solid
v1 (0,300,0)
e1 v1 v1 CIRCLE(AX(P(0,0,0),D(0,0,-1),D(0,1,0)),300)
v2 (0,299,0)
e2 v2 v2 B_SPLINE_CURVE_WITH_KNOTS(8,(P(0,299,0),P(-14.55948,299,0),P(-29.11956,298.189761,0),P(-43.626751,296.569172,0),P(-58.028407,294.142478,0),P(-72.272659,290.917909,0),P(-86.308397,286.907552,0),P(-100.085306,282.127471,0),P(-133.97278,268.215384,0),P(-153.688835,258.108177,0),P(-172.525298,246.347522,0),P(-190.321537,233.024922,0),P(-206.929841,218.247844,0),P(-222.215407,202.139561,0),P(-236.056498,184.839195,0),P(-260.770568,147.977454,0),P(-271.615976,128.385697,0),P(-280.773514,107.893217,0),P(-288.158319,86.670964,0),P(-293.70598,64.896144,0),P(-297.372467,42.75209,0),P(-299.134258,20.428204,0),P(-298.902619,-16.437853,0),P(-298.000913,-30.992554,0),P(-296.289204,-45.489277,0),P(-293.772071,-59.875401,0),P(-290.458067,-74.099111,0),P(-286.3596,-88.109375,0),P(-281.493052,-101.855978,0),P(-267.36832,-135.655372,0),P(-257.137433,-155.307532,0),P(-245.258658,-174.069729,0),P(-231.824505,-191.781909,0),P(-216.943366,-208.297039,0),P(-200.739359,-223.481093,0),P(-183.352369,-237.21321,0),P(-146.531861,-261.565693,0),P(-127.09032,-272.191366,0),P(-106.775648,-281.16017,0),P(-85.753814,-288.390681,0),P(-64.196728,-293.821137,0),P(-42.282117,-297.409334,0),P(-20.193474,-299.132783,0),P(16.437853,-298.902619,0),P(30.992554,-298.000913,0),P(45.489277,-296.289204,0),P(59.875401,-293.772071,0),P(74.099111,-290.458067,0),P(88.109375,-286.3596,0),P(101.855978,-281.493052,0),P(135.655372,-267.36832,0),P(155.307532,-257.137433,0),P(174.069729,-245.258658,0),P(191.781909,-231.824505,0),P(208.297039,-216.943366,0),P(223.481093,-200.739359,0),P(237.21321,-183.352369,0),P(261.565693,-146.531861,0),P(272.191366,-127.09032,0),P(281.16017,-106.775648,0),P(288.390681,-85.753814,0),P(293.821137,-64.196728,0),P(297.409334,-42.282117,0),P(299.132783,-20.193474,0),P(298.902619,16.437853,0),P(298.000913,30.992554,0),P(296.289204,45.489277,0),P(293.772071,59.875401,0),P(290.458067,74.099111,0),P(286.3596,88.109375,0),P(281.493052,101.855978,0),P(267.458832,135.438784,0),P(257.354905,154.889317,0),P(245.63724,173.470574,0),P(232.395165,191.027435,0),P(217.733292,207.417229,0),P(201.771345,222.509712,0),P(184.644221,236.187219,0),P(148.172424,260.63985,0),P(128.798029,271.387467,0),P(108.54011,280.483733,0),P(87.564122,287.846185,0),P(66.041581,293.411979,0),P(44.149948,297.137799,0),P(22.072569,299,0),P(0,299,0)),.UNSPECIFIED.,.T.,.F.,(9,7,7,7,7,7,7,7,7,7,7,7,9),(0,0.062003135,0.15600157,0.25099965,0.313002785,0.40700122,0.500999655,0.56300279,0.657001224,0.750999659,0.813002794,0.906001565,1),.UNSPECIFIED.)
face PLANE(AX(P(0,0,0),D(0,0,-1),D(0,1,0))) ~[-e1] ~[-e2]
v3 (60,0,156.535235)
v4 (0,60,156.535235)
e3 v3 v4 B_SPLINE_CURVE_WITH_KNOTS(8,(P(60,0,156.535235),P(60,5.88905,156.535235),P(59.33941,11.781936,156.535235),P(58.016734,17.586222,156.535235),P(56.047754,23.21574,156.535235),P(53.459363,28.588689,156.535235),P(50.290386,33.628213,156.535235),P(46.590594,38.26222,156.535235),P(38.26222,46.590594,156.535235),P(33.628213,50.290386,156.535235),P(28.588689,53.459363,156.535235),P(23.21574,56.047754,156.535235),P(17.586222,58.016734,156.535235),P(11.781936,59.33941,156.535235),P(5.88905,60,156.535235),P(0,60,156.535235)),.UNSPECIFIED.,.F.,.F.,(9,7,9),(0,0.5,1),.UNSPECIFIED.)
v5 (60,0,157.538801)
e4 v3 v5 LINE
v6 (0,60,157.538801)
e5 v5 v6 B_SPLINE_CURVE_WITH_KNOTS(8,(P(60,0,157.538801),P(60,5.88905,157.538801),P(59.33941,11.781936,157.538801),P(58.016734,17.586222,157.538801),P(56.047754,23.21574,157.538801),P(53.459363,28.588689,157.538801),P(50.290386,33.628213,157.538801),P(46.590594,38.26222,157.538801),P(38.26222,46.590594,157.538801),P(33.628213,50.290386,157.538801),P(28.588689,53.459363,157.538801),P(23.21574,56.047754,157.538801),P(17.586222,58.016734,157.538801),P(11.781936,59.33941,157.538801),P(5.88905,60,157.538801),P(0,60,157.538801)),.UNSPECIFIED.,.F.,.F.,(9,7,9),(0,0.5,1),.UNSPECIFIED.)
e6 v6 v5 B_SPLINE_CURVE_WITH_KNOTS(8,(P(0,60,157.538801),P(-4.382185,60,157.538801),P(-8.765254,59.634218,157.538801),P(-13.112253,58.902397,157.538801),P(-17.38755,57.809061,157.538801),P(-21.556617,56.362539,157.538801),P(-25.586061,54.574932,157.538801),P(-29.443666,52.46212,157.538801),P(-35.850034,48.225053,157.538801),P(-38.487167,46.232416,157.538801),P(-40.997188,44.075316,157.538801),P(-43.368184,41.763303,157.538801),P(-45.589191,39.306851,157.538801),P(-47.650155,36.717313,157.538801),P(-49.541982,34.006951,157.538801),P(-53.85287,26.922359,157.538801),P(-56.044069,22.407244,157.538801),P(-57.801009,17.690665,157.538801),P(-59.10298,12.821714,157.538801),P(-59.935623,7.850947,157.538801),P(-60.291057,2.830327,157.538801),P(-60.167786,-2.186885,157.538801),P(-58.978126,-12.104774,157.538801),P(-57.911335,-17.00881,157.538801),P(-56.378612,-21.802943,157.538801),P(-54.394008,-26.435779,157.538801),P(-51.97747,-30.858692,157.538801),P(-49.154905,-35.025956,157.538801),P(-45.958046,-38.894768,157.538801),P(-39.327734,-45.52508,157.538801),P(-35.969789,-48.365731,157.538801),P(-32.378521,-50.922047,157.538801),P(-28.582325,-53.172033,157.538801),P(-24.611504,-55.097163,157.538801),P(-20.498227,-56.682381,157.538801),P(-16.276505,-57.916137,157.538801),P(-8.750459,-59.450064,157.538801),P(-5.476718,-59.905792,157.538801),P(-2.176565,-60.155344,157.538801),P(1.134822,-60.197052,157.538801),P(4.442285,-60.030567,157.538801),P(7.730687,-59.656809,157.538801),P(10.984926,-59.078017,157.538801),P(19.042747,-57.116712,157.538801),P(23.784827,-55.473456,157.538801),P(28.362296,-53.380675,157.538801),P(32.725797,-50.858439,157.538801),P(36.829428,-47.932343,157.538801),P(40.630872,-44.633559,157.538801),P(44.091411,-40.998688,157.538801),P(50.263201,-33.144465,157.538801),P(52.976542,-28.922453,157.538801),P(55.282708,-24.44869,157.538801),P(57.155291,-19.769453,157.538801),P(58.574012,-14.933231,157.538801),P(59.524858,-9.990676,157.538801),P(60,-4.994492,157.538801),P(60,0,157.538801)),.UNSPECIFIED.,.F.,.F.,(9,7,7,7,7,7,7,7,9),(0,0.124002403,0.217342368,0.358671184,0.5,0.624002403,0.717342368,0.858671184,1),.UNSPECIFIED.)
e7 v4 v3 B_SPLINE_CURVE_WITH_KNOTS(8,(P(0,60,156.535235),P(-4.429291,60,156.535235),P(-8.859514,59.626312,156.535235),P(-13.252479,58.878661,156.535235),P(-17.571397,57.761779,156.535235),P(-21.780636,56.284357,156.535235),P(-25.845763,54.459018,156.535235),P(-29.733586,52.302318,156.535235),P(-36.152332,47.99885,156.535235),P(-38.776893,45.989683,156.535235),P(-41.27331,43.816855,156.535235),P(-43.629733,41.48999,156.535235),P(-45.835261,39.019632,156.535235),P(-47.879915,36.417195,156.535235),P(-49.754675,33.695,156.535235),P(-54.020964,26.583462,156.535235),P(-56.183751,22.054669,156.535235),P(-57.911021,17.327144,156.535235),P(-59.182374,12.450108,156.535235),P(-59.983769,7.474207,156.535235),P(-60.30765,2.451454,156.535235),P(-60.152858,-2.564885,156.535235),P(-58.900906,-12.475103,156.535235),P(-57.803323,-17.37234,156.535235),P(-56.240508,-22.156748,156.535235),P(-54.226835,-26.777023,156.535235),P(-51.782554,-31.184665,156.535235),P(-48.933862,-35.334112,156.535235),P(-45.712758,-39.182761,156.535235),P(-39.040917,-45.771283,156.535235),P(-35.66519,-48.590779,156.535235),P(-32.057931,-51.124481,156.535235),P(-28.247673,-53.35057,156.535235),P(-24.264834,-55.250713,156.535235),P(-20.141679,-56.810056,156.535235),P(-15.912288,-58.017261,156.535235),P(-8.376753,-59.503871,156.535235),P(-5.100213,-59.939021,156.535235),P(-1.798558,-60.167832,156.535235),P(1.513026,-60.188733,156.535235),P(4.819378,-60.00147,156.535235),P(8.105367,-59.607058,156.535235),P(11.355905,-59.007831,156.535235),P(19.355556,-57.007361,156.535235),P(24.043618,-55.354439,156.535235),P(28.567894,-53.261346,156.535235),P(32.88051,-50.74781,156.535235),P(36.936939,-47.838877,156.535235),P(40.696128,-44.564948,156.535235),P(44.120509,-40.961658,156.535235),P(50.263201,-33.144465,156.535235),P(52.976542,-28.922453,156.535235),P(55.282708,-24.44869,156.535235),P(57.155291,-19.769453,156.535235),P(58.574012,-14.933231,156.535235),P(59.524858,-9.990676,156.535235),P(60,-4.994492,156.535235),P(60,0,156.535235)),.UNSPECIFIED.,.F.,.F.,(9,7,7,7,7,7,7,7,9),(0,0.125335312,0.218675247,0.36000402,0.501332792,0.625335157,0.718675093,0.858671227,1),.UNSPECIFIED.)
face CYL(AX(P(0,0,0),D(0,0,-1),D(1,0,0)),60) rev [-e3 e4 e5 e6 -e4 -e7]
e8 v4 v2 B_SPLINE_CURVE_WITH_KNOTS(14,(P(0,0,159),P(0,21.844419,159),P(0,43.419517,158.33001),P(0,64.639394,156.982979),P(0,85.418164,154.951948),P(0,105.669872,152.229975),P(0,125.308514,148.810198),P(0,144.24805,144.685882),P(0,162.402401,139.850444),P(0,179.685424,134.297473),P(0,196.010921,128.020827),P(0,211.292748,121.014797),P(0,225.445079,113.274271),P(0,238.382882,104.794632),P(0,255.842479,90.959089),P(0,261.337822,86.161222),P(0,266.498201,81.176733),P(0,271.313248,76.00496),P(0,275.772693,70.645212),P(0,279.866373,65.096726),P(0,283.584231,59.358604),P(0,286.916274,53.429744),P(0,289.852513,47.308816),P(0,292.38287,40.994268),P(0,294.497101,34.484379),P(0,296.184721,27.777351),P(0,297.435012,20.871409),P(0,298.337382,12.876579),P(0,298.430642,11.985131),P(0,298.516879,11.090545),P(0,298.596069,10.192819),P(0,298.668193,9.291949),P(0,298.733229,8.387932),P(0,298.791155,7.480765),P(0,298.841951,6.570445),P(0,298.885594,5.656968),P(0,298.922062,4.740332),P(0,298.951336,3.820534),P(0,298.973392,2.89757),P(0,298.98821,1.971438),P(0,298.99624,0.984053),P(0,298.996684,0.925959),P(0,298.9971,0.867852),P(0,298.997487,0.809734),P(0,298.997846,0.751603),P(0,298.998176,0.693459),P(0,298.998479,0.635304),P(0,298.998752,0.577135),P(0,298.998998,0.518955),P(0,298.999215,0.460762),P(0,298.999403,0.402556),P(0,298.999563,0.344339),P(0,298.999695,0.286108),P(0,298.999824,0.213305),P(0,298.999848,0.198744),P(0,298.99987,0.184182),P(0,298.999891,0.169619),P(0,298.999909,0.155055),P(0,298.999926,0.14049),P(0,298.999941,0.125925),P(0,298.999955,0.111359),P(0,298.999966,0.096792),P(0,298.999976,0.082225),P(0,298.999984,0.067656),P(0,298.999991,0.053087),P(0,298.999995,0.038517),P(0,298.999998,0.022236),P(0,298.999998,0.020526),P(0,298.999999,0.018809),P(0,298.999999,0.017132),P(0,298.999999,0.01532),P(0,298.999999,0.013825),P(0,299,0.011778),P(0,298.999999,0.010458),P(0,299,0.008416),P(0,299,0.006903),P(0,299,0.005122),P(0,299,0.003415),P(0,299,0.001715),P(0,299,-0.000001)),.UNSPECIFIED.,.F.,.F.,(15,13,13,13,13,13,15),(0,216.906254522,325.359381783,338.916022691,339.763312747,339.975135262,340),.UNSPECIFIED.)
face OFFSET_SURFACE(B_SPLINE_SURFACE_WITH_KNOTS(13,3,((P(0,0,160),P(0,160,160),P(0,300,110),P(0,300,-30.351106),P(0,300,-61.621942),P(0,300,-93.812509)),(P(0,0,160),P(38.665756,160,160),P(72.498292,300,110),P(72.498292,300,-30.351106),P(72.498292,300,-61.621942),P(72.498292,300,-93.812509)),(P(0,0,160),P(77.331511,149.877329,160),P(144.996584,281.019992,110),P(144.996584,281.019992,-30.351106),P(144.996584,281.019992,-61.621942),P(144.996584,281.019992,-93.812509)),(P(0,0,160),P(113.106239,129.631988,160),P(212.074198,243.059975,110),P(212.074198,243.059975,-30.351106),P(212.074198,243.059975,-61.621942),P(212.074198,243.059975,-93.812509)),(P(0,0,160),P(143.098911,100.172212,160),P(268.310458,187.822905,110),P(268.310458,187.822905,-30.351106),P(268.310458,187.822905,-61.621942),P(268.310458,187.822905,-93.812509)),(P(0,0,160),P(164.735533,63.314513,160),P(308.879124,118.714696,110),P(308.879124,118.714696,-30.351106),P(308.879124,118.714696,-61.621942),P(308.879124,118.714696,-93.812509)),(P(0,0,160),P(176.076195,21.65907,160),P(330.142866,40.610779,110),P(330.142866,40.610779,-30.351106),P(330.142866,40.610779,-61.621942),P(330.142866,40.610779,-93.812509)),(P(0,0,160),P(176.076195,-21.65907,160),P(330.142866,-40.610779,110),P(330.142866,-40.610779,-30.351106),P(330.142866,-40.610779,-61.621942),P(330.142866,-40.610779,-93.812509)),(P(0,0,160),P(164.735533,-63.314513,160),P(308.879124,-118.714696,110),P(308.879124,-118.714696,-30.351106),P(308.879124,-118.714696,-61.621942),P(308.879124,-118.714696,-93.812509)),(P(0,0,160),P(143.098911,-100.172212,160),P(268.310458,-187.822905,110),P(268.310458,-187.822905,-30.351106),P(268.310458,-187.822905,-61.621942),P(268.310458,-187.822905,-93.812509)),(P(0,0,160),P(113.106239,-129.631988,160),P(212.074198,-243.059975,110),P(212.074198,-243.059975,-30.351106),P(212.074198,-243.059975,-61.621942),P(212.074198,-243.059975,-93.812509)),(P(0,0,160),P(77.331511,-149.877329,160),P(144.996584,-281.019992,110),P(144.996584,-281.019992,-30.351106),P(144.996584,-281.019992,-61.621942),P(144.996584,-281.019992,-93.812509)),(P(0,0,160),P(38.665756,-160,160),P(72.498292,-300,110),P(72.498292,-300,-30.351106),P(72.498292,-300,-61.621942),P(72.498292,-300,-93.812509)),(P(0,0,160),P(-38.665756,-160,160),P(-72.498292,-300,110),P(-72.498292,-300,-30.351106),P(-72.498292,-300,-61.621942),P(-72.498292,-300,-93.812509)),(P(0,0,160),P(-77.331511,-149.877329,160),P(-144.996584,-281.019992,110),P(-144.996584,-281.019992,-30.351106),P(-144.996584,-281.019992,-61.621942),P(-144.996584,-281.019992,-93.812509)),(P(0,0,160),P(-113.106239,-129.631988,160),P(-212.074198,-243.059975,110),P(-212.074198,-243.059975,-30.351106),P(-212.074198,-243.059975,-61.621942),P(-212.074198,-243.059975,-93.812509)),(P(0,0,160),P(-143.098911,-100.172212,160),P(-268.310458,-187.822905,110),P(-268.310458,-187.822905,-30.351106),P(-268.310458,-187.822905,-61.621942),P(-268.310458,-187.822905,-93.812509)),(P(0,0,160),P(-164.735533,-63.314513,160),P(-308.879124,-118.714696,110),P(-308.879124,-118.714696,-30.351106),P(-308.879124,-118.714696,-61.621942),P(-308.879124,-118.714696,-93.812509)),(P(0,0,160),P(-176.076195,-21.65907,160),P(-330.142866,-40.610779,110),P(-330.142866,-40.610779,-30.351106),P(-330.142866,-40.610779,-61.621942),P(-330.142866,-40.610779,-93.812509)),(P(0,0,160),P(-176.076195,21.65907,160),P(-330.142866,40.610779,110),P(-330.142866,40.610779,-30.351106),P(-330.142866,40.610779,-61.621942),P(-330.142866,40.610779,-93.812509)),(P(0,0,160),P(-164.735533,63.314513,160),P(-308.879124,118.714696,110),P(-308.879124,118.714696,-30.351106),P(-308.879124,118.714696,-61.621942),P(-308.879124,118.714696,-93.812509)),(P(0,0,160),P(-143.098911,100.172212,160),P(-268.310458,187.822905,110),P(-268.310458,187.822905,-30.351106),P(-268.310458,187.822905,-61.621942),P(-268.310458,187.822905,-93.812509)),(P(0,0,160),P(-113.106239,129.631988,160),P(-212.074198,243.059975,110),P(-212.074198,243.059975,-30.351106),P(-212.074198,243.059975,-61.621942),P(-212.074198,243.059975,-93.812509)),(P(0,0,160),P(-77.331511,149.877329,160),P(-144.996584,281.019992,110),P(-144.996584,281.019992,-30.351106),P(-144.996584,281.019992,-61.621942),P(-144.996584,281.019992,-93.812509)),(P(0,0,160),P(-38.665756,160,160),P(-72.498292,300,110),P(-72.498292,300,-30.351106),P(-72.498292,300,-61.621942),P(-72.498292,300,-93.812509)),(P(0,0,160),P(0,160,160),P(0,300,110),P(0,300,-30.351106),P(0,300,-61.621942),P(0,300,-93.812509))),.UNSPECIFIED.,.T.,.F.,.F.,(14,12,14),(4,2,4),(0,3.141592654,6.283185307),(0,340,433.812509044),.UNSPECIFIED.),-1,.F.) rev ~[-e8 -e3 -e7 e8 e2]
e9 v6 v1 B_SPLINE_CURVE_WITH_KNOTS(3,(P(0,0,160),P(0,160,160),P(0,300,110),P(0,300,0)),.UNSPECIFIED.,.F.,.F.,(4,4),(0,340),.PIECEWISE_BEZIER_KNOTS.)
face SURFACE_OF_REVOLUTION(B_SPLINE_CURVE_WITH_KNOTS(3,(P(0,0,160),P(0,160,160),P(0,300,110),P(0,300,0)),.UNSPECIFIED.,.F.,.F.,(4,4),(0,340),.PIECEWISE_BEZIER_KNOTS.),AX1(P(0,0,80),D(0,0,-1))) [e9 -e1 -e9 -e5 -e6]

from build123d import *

# Parameters (mm, degrees)
F2_T     = -1
F3_R     = 60
F4_DEPTH = 160.001


with BuildPart() as f1:
    # F0 (on Right) → F1 (revolve)
    with BuildSketch(Plane.YZ):
        with BuildLine():
            Line((0, 160), (0, 0))
            Line((0, 0), (300, 0))
            add(Edge.make_bspline(
                [(0, 160), (160, 160), (300, 110), (300, 0)],
                knots=[0, 0, 0, 0, 340, 340, 340, 340], degree=3))
        make_face()
    revolve(axis=Axis((0, 0, 80), (0, 0, -1)))

    # F2
    f2_openings = [f1.faces().sort_by_distance(p)[0] for p in [
        (0, 0, 0),
    ]]
    offset(amount=F2_T, openings=f2_openings)

    # F3 (on Top) → F4 (cut, through all)
    with BuildSketch(Plane.XY):
        Circle(F3_R)
    extrude(amount=F4_DEPTH, mode=Mode.SUBTRACT)


solid = f1.part
